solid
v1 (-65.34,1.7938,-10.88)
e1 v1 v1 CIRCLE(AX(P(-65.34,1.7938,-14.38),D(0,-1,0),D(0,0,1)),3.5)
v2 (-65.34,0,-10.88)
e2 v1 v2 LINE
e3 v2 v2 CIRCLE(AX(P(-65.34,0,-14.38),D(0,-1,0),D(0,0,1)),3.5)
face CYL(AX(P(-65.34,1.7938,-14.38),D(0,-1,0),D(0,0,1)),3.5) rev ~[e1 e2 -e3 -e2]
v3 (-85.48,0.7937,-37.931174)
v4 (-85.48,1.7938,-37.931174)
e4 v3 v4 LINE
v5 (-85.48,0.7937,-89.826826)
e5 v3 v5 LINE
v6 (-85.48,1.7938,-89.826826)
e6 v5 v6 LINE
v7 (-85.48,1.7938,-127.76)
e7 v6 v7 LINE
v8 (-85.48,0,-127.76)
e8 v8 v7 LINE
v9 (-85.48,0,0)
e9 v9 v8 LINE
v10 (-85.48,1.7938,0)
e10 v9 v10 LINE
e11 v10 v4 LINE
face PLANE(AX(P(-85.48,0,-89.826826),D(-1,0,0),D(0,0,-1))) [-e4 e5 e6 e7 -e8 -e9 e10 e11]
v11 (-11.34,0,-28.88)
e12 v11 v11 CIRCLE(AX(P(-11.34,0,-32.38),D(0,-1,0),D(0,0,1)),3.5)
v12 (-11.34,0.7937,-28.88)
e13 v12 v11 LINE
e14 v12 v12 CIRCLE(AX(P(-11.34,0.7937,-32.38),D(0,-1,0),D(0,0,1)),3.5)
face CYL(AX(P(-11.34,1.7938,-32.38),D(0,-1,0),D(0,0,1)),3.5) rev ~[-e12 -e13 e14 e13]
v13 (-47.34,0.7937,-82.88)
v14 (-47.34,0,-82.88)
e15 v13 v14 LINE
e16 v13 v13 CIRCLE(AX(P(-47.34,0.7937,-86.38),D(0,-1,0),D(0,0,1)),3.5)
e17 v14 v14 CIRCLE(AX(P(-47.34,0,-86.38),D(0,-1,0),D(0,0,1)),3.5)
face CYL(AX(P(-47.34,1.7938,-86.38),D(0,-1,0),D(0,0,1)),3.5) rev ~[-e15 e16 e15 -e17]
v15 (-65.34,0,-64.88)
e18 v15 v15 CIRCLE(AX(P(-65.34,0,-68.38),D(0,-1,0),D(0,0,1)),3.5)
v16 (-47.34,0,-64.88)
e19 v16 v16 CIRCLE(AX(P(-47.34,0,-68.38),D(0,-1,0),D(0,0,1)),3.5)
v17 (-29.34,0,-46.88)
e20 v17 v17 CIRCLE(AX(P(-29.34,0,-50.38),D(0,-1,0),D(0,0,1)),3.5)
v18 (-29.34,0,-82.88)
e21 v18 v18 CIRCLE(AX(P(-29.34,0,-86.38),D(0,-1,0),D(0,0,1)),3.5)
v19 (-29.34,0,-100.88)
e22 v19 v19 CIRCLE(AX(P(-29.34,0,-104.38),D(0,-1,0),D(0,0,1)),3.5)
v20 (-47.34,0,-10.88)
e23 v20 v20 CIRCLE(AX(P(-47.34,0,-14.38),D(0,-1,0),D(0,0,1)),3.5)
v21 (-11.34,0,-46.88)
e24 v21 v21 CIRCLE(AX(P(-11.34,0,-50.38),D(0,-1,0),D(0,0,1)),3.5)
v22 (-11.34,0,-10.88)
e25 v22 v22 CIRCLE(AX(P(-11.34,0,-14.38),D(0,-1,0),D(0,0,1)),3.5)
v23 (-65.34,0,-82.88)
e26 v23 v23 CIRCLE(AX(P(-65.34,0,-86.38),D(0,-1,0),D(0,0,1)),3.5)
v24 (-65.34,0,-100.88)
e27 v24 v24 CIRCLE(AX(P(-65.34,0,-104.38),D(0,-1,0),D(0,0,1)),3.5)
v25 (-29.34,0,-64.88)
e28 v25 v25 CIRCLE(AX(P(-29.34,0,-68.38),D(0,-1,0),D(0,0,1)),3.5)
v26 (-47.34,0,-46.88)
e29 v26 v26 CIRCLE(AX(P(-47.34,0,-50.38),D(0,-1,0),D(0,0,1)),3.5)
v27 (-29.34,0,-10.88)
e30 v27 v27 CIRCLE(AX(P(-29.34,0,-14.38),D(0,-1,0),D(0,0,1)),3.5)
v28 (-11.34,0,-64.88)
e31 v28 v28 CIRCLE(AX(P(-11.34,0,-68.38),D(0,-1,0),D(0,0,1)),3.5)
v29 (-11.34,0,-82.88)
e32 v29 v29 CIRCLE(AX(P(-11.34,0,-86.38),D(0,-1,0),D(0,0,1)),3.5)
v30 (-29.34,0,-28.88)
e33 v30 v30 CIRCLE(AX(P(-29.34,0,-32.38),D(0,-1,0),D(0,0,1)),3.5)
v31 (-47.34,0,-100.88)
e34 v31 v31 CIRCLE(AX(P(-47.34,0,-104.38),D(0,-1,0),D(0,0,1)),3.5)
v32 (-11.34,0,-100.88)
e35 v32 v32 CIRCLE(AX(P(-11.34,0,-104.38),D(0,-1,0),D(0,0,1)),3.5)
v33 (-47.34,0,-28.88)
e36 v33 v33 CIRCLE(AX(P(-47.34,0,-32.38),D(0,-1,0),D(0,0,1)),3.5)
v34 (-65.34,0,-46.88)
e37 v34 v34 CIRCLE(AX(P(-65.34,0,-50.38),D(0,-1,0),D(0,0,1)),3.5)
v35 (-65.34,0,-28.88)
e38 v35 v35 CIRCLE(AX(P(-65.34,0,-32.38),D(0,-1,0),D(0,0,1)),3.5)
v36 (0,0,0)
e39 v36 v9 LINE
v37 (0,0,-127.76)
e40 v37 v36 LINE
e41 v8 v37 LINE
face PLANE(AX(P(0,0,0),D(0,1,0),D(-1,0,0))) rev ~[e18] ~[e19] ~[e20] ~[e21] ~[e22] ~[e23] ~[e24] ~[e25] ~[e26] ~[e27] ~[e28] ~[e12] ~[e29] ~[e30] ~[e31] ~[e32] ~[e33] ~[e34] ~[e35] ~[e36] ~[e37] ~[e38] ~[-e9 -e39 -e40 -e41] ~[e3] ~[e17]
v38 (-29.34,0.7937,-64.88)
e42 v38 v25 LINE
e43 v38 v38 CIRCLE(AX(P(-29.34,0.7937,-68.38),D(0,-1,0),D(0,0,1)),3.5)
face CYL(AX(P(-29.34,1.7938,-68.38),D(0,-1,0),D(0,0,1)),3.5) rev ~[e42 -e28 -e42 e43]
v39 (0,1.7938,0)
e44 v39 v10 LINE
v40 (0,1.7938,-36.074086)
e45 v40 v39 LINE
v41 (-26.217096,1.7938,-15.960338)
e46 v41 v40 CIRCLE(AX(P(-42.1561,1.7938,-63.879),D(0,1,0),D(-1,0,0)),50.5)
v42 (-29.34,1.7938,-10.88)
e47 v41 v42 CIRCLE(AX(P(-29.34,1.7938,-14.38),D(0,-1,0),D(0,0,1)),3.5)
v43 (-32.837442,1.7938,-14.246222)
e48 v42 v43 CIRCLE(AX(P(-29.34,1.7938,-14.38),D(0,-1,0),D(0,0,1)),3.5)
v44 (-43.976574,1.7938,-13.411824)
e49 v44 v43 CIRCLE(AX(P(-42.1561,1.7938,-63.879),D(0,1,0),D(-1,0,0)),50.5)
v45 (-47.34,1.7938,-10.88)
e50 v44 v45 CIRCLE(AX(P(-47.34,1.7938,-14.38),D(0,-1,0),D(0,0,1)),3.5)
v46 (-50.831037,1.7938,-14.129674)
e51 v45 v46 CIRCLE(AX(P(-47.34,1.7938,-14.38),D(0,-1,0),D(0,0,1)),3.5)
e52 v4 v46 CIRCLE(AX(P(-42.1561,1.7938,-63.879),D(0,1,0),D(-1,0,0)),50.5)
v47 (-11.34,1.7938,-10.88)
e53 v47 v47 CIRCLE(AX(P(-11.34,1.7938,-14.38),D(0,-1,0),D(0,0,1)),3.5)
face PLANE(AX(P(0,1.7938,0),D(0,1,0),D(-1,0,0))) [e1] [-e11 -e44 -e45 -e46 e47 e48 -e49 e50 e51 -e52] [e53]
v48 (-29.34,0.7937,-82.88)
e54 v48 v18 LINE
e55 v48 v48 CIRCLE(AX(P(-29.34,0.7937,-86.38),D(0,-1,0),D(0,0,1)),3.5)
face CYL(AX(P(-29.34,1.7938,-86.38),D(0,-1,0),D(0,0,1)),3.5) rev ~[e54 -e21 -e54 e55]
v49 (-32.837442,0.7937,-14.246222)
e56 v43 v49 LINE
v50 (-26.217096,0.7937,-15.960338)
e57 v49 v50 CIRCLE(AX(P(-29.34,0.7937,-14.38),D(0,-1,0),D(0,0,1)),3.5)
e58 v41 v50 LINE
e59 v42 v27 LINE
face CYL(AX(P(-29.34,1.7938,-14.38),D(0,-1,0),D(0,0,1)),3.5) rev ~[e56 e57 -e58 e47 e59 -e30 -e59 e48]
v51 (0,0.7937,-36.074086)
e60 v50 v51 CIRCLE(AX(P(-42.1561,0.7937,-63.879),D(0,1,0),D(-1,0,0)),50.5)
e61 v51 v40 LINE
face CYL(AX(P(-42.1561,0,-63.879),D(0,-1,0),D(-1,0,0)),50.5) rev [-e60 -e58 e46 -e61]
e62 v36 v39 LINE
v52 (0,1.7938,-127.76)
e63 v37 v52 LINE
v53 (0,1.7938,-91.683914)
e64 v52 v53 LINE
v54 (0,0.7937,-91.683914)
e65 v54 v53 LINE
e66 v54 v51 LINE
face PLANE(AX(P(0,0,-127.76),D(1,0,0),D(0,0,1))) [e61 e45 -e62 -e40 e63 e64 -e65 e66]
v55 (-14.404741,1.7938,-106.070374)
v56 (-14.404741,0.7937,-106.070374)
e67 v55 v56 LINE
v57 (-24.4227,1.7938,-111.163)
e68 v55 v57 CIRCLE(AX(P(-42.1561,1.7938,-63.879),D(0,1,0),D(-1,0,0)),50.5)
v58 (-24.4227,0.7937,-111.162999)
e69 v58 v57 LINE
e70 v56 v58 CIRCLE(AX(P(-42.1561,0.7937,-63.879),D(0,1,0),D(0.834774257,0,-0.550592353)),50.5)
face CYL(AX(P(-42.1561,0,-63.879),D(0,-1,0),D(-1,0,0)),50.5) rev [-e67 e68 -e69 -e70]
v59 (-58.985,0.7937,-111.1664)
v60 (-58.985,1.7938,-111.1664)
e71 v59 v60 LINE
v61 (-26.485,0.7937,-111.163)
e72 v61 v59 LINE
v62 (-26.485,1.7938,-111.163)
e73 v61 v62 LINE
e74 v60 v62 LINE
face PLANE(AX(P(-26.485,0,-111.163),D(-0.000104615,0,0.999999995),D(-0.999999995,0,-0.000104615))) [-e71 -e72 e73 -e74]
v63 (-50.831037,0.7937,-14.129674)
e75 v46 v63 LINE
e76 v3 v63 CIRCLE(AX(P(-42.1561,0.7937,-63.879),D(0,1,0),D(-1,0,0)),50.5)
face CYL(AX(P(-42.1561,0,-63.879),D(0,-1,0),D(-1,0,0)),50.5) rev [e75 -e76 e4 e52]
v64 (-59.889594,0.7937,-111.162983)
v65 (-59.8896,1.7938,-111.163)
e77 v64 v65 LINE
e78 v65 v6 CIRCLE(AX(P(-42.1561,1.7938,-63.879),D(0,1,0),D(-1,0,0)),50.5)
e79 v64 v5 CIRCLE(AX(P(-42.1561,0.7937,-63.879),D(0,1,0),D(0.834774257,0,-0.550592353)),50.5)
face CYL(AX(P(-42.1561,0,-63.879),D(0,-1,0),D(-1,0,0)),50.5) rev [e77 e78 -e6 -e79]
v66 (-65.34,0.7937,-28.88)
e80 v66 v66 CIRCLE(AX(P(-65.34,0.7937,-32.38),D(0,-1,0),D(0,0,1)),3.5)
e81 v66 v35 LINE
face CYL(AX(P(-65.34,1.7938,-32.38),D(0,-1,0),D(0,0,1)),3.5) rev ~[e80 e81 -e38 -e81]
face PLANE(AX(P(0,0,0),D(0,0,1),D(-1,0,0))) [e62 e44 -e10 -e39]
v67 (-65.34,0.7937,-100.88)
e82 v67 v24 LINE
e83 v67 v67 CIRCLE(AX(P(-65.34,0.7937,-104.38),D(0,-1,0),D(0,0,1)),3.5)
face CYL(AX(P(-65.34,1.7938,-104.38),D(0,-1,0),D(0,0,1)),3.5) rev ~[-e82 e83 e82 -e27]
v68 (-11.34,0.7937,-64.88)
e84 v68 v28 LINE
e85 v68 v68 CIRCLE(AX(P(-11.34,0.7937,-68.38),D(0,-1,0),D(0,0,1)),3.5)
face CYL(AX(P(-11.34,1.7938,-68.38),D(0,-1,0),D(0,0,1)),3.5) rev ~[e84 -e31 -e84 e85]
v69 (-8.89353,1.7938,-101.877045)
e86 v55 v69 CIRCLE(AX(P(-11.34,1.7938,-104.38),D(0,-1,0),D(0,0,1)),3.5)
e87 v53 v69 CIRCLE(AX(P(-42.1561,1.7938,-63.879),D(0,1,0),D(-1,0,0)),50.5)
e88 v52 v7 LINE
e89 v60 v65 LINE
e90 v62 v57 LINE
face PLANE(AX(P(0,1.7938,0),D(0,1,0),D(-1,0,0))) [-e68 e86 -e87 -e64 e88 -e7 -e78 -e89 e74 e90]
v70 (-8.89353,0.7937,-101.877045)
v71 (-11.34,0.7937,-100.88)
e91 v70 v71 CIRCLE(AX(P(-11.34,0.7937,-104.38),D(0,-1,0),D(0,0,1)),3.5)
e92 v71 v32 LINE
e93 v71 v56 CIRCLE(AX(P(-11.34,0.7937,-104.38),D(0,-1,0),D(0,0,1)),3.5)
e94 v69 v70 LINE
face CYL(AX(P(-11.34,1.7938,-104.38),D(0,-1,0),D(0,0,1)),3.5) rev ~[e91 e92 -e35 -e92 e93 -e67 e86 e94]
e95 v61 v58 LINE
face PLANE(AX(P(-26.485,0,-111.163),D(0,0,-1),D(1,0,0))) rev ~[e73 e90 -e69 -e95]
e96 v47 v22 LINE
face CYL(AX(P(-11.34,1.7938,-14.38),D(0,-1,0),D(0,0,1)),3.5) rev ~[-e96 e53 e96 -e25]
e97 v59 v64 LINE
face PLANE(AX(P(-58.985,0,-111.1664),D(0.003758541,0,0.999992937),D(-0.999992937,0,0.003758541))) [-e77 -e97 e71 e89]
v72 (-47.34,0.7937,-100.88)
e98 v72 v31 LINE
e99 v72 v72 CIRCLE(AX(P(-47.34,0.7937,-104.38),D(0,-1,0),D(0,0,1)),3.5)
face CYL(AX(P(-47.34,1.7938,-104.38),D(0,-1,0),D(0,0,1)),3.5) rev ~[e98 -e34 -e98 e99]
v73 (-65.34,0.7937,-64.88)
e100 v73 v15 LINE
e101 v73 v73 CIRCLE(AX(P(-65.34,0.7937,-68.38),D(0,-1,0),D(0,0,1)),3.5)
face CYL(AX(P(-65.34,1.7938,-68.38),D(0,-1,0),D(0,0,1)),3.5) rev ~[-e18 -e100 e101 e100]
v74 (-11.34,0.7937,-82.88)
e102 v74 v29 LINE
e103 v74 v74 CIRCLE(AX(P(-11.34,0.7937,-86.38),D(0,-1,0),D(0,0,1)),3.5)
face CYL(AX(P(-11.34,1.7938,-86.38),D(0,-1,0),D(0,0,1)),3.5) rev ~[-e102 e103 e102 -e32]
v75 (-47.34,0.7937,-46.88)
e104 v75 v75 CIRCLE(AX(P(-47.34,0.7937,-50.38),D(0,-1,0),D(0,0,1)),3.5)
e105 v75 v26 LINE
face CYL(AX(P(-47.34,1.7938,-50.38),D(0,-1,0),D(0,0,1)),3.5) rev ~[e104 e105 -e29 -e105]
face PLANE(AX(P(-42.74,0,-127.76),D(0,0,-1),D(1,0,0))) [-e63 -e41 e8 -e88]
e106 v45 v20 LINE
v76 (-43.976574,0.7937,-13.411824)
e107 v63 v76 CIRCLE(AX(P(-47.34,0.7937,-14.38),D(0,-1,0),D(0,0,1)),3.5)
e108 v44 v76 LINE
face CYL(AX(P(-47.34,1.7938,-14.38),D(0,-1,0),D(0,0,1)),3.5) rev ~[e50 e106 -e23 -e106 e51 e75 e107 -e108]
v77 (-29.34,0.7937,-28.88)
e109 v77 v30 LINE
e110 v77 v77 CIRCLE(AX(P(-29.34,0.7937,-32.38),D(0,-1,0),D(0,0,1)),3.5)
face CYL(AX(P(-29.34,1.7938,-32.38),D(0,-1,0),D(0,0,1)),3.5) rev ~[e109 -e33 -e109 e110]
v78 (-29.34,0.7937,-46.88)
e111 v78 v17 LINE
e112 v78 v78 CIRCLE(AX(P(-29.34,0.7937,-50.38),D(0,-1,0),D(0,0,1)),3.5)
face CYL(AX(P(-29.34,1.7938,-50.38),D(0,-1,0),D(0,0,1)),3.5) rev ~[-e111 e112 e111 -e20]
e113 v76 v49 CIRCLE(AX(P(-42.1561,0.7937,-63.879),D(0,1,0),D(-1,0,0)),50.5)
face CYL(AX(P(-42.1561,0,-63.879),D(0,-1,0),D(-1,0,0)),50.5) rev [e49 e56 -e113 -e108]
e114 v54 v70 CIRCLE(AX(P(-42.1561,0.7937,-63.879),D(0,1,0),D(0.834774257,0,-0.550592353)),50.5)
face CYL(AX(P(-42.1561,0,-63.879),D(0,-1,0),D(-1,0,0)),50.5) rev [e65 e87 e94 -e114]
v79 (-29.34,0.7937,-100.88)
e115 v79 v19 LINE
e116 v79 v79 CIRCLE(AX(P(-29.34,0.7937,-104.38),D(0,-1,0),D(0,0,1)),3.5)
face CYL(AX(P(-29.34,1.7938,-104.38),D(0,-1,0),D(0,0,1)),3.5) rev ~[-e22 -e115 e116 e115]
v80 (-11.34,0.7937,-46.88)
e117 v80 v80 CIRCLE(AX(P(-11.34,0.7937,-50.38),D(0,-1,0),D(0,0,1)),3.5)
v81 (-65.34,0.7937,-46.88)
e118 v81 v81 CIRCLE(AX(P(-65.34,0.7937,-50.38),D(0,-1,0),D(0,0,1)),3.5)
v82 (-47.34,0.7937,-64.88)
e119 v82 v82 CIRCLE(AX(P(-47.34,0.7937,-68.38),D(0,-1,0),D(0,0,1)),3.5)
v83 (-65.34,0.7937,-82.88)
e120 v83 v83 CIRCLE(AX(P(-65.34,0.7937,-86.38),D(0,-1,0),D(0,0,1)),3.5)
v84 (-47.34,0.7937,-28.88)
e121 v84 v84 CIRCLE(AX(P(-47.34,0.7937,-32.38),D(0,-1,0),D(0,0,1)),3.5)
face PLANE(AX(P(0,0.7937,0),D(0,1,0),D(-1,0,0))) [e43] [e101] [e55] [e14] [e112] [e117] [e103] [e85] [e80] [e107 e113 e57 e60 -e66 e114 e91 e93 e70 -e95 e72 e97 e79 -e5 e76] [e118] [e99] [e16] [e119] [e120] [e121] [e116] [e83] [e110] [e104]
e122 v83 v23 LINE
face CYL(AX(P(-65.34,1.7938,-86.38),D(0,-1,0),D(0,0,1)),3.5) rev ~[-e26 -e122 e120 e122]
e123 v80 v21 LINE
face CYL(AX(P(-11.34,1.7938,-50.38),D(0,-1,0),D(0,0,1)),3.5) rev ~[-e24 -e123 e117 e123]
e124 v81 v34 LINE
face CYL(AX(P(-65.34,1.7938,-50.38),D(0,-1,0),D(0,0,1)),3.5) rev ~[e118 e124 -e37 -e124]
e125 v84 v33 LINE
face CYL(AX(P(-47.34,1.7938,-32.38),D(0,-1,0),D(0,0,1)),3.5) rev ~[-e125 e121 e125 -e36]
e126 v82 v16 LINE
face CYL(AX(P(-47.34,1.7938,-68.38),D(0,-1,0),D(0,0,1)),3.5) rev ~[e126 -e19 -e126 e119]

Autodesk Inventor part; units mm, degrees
ref_plane "YZ Plane" through (0, 0, 0) normal (1, 0, 0) x (0, 1, 0)
ref_plane "XZ Plane" through (0, 0, 0) normal (0, 1, 0) x (-1, 0, 0)
ref_plane "XY Plane" through (0, 0, 0) normal (0, 0, 1) x (1, 0, 0)
sketch "Sketch1" plane through (0, 0, 0) normal (0, 1, 0) x (-1, 0, 0)
  line L0 (0, 0) -> (85.48, 0)
  line L1 (85.48, 0) -> (85.48, -127.76)
  line L2 (85.48, -127.76) -> (0, -127.76)
  line L3 (0, -127.76) -> (0, 0)
  line L4 (42.74, -127.76) -> (42.74, -63.879)
  circle A0 centre (42.1561, -63.879) radius 50.5
  line L5 (26.485, -111.163) -> (58.985, -111.1664)
  line L6 (42.74, -63.879) -> (42.7347, -113.879)
  line L7 (26.485, -111.163) -> (24.4227, -111.163)
  line L8 (58.985, -111.1664) -> (59.8896, -111.163)
  point P0 (85.48, -37.9311)
  point P1 (85.48, -89.8269)
  point P2 (0, -91.6839)
  point P3 (0, -36.0741)
  point P4 (42.735, -111.1647)
  point P5 (42.74, -111.1647)
  point P6 (42.74, -114.3756)
  dimension "d0" = 85.48
  dimension "d1" = 127.76
  dimension "d2" = 63.881
  dimension "d3" = 101
  dimension "d4" = 32.5
extrude "Extrusion1" add sketch "Sketch1" along normal blind 1.7938 contours L0 L1 A0 L3 | A0 L4 L2 L3 | L1 L2 L4 A0 | L7 L5 L4 A0 | A0 L4 L5 L8
extrude "Extrusion2" add sketch "Sketch1" along normal blind 0.7937 contours A0 L1 L8 L5 L4 L6 L7 L3 | L7 L5 L4 A0 | A0 L4 L5 L8 | L5 L6 L4
sketch "Sketch2" plane through (0, 1.7938, 0) normal (0, 1, 0) x (1, 0, 0)
  line L0 (-85.48, 127.76) -> (-85.48, 0) projected
  line L1 (-85.48, 25.2748) -> (-79.48, 25.2748)
  line L2 (-85.48, 25.2748) -> (-79.48, 25.2748) construction
  arc A0 (-85.48, 37.9311) -> (0, 36.0741) centre (-42.1561, 63.879) ccw projected
  line L3 (-42.1561, 13.379) -> (-42.1561, 19.379)
  line L4 (-42.1561, 19.379) -> (-85.48, 19.379)
  line L5 (-85.48, 19.379) -> (-79.48, 19.379)
  line L6 (0, 0) -> (0, 14.38)
  line L7 (0, 0) -> (0, 127.76) projected
  line L8 (0, 14.38) -> (-11.34, 14.38)
  dimension "d9" = 6
  dimension "d10" = 0
  dimension "d24" = 6
  dimension "d25" = 6
  dimension "d26" = 14.38
  dimension "d27" = 11.34
hole "Hole1" at (-11.34, 1.7938, -14.38) direction (0, -1, 0) diameter 7 end through all
pattern_linear "Rectangular Pattern1" count 6 spacing 18 along (0, 0, -1) count 4 spacing 18 along (-1, 0, 0) of "Hole1"
properties part number "100mm wafer wellplate - corral mask - with flat - lowdensity"
